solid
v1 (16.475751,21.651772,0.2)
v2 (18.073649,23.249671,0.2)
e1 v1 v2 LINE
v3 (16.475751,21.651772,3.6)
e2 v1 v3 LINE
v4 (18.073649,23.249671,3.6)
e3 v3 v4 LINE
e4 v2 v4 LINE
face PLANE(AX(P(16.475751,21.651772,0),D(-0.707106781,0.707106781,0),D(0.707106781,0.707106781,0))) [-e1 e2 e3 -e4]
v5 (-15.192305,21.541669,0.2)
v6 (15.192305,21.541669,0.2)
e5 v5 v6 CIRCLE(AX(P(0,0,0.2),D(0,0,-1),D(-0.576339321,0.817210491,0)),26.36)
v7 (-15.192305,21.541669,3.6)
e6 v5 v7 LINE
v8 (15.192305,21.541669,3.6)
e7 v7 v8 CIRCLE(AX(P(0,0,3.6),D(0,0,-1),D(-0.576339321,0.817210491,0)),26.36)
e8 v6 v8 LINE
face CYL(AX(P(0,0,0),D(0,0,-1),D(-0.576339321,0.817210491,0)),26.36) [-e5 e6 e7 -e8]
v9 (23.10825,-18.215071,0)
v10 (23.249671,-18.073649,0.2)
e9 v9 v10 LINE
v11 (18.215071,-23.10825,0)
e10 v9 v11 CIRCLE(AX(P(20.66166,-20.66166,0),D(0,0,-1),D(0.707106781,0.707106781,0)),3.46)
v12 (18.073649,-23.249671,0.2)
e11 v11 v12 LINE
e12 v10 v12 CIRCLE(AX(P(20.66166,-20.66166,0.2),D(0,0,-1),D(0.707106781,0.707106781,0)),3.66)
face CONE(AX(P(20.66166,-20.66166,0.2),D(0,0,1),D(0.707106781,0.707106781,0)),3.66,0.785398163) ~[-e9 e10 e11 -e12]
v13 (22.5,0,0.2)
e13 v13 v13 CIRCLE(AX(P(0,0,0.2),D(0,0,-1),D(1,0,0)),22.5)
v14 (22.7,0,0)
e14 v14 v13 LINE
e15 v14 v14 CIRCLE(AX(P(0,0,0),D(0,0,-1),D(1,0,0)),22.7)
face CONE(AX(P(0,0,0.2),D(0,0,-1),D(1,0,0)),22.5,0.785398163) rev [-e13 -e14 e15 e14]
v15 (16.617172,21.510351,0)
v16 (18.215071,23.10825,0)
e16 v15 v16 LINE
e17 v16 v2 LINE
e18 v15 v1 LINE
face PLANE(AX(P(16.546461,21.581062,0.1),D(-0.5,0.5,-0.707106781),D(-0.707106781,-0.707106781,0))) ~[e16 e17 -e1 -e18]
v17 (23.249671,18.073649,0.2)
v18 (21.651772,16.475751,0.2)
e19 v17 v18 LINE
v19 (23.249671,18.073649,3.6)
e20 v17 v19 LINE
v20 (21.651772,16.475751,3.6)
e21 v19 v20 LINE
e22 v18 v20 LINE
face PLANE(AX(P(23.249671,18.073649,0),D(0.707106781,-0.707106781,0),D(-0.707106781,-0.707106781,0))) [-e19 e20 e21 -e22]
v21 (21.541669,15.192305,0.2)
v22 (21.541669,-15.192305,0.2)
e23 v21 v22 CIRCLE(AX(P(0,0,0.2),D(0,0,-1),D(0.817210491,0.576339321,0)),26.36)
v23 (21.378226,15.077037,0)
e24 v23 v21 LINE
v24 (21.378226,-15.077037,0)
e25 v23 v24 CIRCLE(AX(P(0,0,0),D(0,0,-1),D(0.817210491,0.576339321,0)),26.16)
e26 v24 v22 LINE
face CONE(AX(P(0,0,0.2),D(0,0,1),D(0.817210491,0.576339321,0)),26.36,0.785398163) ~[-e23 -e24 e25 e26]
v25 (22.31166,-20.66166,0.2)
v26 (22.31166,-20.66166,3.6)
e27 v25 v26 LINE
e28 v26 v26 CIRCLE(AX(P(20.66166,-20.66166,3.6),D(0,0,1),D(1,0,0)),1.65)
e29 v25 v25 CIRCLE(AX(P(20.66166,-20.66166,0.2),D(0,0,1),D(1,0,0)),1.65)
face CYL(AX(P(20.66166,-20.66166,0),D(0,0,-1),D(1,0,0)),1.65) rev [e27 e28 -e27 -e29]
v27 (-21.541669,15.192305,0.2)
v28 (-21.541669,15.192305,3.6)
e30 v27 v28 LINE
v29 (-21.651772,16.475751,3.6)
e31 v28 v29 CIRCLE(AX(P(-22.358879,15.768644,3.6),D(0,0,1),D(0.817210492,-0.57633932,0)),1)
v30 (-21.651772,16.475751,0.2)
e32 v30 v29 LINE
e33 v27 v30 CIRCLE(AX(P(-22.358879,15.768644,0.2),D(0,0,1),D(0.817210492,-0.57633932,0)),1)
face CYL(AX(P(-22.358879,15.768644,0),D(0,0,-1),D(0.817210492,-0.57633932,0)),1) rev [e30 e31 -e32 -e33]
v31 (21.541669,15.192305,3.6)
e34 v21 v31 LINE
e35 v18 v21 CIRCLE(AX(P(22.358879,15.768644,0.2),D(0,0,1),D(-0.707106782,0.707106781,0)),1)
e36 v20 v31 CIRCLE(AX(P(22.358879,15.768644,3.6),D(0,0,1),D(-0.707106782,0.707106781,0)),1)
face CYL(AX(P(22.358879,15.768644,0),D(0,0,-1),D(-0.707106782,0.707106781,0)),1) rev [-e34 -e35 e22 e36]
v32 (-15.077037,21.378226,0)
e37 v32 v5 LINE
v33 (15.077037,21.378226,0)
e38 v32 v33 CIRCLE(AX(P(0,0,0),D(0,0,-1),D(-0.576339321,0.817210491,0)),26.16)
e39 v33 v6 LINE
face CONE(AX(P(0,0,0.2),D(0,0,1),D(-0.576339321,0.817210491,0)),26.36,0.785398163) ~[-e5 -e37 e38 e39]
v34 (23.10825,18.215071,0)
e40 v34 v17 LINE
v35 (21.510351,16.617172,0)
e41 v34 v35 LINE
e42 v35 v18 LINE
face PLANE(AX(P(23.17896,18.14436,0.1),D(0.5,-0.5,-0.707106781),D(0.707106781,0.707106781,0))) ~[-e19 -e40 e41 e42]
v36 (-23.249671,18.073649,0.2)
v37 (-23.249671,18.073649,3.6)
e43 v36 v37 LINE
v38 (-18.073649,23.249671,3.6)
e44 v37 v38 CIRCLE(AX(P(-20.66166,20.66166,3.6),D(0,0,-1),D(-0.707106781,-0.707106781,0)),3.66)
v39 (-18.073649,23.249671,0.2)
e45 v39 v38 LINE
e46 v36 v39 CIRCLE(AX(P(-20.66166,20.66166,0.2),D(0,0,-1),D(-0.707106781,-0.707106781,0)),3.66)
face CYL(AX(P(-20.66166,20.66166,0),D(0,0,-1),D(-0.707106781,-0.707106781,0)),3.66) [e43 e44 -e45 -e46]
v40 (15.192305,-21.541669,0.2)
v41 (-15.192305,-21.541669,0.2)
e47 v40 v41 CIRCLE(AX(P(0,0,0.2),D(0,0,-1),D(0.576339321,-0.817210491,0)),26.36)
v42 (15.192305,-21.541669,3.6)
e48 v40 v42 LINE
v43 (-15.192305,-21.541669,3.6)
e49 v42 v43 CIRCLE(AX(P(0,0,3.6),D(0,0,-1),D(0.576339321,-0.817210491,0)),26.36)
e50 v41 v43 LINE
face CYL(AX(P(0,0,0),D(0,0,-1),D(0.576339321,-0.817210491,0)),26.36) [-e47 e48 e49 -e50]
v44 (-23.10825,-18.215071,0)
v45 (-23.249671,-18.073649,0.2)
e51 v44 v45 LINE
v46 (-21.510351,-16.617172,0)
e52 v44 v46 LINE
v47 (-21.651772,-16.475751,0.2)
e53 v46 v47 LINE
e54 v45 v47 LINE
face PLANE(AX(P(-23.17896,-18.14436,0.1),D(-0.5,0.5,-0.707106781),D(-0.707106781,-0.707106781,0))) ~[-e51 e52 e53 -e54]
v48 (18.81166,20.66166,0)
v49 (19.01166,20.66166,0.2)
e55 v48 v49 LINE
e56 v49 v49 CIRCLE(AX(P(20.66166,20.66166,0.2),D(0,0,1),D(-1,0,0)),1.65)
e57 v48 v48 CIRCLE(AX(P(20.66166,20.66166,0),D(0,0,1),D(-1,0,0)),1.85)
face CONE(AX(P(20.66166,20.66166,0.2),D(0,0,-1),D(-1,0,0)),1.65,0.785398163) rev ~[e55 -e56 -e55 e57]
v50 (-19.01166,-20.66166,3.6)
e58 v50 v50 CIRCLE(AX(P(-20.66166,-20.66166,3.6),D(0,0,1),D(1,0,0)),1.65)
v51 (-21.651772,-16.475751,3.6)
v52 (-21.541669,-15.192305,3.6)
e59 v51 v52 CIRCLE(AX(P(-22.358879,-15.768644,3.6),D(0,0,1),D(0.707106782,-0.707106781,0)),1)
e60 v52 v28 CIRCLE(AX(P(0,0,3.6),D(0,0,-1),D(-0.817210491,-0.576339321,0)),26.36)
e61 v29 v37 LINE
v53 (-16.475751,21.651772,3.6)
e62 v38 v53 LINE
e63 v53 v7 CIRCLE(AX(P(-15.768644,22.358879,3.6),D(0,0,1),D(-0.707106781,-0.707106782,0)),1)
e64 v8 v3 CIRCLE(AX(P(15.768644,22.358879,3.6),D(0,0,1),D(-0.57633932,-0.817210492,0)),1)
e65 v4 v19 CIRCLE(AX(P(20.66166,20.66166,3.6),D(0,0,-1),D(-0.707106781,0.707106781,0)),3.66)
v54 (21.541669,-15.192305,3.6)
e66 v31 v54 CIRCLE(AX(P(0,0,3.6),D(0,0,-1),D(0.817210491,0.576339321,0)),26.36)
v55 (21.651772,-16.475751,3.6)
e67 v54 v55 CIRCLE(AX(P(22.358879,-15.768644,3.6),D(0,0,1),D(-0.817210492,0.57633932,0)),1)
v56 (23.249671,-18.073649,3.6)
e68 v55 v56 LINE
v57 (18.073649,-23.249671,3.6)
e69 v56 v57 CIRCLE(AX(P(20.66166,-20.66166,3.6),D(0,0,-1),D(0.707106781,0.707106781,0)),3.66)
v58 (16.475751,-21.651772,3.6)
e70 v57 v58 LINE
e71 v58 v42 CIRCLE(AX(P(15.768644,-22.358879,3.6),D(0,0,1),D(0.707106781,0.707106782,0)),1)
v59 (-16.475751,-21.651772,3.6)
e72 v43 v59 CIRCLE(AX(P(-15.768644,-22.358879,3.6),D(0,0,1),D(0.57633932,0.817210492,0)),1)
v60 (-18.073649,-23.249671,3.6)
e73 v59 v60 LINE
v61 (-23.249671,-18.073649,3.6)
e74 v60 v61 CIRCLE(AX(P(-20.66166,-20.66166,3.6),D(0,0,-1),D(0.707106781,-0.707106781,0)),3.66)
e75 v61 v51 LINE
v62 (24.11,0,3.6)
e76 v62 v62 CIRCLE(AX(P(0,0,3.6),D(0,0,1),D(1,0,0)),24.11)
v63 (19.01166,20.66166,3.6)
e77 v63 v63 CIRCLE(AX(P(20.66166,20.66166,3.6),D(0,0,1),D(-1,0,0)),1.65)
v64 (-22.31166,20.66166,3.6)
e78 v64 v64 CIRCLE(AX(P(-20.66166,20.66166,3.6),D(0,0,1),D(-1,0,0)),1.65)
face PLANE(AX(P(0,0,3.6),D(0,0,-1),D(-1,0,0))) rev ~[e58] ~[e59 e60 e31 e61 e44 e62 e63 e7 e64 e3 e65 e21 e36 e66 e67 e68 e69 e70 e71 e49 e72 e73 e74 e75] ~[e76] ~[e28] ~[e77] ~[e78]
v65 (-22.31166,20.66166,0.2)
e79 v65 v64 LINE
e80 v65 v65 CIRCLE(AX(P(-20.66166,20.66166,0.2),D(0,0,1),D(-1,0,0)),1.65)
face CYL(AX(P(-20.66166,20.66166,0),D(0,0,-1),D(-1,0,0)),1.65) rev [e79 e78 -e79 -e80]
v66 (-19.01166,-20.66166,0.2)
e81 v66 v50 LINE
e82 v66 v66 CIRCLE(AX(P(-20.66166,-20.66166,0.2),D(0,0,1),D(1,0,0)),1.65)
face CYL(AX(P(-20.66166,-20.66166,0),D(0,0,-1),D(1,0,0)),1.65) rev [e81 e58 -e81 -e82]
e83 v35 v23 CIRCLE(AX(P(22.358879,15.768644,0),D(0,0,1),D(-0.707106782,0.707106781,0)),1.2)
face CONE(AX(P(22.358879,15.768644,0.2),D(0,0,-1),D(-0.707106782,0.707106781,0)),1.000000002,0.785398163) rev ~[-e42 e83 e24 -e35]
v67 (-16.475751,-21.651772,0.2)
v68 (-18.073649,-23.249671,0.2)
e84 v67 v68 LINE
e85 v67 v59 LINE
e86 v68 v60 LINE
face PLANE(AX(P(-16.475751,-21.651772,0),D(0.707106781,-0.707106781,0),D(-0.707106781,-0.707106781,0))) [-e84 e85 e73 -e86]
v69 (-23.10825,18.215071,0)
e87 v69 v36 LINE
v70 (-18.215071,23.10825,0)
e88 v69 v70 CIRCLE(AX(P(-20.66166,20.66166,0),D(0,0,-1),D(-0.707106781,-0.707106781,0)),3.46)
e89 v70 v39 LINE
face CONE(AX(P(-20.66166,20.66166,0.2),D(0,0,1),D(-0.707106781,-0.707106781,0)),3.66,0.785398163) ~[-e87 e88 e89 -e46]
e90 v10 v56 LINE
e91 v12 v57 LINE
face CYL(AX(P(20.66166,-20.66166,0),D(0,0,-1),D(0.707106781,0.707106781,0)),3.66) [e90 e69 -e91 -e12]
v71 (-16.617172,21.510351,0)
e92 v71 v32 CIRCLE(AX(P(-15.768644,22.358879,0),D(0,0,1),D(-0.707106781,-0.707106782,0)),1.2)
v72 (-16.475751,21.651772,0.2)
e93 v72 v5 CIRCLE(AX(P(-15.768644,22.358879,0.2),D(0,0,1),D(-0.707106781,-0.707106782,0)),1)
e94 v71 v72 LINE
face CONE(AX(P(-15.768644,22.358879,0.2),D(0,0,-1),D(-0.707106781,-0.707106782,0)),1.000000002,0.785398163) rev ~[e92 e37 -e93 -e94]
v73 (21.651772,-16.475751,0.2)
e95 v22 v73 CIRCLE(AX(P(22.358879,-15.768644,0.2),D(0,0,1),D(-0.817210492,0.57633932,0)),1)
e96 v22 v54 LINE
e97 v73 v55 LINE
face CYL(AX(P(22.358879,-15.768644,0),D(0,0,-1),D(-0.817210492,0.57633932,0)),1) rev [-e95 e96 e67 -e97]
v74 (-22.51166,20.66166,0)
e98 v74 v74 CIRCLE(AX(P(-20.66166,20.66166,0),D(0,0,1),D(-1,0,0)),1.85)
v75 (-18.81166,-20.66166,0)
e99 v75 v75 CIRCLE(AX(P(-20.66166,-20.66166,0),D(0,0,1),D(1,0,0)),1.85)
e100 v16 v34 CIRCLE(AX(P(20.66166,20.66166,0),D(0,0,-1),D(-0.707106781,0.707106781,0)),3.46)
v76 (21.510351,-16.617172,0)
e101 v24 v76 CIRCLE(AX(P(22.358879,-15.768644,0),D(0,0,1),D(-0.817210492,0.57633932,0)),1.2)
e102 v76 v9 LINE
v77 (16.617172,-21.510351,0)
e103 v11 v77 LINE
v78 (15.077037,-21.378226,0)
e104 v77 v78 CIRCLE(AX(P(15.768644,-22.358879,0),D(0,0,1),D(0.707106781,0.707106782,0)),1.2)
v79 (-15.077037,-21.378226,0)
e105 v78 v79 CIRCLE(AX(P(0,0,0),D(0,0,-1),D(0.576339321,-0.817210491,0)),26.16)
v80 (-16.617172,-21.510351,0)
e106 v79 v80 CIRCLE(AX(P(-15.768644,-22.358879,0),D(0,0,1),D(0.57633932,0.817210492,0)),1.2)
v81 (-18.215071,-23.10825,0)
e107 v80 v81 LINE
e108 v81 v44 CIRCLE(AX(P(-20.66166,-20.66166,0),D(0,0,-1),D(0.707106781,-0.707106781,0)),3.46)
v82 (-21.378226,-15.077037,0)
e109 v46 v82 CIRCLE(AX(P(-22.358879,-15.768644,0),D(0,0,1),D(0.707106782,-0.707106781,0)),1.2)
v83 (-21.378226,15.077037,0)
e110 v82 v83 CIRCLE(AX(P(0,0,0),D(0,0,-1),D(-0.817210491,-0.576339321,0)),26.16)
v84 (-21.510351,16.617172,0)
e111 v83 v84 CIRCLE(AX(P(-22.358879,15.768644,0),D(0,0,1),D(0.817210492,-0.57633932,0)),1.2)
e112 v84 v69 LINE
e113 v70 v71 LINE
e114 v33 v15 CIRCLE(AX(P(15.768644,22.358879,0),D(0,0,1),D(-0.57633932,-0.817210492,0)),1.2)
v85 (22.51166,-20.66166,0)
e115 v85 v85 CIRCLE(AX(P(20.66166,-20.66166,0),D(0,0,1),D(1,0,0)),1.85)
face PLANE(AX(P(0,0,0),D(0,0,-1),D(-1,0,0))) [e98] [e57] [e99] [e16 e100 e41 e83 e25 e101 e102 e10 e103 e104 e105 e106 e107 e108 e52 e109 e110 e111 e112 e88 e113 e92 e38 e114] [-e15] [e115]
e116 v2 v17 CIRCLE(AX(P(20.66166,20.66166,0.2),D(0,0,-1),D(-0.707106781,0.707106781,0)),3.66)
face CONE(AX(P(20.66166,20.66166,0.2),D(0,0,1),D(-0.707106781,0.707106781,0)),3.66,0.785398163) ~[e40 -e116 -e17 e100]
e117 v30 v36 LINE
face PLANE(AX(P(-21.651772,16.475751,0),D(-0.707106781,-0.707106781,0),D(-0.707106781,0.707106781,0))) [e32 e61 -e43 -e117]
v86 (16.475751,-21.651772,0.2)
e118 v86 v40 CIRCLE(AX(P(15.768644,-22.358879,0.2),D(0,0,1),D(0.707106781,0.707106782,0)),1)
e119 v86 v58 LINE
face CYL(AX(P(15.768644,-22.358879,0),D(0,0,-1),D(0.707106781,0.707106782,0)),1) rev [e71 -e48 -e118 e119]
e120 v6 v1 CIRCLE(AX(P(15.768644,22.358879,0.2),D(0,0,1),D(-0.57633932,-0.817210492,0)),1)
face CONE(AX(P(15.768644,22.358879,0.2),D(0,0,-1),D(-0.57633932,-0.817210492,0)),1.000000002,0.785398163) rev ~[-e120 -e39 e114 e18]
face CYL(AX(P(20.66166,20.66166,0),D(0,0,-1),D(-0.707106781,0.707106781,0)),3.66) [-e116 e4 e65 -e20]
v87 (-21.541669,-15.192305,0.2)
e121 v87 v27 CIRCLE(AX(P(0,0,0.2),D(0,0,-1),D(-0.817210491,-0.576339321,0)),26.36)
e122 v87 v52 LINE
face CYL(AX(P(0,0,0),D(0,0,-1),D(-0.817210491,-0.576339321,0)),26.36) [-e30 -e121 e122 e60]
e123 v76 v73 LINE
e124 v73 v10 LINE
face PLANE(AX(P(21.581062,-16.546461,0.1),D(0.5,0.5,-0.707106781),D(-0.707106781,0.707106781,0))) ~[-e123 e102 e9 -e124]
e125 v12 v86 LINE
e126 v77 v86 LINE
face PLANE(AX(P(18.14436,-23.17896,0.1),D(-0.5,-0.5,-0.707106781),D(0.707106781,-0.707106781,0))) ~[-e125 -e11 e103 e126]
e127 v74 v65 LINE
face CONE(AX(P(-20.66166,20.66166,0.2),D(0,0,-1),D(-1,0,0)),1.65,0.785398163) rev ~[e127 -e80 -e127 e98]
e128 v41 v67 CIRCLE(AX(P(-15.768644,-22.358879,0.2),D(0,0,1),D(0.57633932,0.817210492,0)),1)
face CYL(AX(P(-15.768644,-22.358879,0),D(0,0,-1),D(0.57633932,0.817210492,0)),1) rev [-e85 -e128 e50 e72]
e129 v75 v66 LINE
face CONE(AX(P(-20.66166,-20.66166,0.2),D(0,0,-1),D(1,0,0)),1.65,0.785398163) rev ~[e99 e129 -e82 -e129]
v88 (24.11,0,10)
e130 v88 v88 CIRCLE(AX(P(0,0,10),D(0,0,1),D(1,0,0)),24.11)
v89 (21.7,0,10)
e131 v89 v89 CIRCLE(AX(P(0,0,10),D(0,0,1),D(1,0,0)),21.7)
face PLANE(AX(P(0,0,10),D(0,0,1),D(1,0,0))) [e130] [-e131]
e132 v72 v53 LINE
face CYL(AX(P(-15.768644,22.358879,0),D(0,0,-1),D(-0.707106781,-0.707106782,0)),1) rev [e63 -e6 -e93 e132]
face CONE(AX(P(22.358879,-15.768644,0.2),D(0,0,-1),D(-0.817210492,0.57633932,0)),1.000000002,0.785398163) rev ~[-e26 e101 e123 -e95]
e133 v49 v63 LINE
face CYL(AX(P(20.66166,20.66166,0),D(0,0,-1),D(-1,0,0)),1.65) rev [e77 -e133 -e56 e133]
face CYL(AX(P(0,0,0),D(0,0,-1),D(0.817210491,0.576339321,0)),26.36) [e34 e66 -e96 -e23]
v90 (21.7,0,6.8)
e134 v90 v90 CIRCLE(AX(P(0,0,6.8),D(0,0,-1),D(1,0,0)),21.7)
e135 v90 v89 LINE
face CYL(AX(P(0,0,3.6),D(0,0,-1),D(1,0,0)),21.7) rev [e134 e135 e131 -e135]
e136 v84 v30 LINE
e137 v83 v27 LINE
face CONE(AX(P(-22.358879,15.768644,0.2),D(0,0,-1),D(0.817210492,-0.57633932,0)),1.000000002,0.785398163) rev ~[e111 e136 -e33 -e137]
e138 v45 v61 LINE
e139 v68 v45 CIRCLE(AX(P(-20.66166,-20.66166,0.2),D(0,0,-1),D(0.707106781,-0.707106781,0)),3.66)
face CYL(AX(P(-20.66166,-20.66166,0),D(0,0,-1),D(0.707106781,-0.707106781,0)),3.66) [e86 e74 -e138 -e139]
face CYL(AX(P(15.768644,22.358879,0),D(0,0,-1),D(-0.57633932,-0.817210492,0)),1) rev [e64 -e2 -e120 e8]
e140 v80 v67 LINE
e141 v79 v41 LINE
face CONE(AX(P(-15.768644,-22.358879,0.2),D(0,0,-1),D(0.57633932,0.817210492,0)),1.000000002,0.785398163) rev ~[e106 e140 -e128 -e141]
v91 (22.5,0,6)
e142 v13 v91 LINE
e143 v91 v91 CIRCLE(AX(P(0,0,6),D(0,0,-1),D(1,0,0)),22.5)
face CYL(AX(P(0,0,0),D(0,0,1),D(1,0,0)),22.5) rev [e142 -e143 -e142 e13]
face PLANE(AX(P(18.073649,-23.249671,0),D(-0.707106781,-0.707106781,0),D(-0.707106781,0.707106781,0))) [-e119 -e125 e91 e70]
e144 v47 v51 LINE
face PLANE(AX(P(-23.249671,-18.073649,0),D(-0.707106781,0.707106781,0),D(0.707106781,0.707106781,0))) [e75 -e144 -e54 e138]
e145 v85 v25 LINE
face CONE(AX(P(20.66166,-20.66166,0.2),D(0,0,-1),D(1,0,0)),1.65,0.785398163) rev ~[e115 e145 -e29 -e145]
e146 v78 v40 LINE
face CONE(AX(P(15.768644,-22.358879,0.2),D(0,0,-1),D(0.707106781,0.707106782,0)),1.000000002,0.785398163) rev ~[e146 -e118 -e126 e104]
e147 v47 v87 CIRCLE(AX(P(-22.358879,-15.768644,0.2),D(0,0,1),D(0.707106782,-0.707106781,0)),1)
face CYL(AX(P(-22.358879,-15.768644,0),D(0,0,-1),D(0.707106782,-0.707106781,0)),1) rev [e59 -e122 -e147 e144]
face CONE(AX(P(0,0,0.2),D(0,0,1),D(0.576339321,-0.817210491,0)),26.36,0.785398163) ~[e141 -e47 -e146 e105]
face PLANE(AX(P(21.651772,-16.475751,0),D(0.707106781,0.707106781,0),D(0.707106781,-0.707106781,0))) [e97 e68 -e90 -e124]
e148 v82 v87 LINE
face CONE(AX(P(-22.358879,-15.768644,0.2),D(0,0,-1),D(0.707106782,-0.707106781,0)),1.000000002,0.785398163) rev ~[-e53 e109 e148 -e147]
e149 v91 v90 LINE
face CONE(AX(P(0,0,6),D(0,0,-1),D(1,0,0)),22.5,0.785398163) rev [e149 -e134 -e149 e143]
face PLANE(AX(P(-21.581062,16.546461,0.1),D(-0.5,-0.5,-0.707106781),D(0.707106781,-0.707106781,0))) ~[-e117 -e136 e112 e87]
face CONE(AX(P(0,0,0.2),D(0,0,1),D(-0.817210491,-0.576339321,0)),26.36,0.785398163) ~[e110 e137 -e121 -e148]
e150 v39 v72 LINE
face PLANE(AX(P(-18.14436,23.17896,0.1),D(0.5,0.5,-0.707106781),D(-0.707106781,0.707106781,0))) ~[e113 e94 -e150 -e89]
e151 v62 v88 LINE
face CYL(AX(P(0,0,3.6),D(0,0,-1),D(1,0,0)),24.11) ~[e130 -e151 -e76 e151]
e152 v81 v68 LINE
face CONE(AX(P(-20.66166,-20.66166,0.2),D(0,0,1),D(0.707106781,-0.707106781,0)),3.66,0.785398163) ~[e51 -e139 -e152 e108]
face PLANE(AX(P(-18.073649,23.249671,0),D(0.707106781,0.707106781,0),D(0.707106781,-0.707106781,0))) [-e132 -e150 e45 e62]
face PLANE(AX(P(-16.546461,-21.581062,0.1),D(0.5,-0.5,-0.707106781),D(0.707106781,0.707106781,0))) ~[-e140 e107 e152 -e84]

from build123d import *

# Parameters (mm, degrees)
SKETCH1_R           = 1.65
SKETCH1_R_2         = 21.6
BOSS_EXTRUDE1_DEPTH = 3.6
SKETCH4_R           = 24.11
SKETCH4_R_2         = 21.7
BOSS_EXTRUDE2_DEPTH = 6.4
CHAMFER1_SIZE       = 0.2


with BuildPart() as part:
    # Sketch1 → Boss-Extrude1 (new body)
    with BuildSketch(Plane.XY):
        with BuildLine():
            Line((23.249670965, 18.073649327), (21.651772253, 16.475750615))
            ThreePointArc((21.651772253, 16.475750615), (21.3625386, 15.854117448), (21.541668543, 15.192304512))
            ThreePointArc((21.541668543, 15.192304512), (26.36, 0), (21.541668543, -15.192304512))
            ThreePointArc((21.541668543, -15.192304512), (21.3625386, -15.854117448), (21.651772253, -16.475750615))
            Line((21.651772253, -16.475750615), (23.249670965, -18.073649327))
            ThreePointArc((23.249670965, -18.073649327), (23.249670965, -23.249670965), (18.073649327, -23.249670965))
            Line((18.073649327, -23.249670965), (16.475750615, -21.651772253))
            ThreePointArc((16.475750615, -21.651772253), (15.854117448, -21.3625386), (15.192304512, -21.541668543))
            ThreePointArc((15.192304512, -21.541668543), (0, -26.36), (-15.192304512, -21.541668543))
            ThreePointArc((-15.192304512, -21.541668543), (-15.854117448, -21.3625386), (-16.475750615, -21.651772253))
            Line((-16.475750615, -21.651772253), (-18.073649327, -23.249670965))
            ThreePointArc((-18.073649327, -23.249670965), (-23.249670965, -23.249670965), (-23.249670965, -18.073649327))
            Line((-23.249670965, -18.073649327), (-21.651772253, -16.475750615))
            ThreePointArc((-21.651772253, -16.475750615), (-21.3625386, -15.854117448), (-21.541668543, -15.192304512))
            ThreePointArc((-21.541668543, -15.192304512), (-26.36, 0), (-21.541668543, 15.192304512))
            ThreePointArc((-21.541668543, 15.192304512), (-21.3625386, 15.854117448), (-21.651772253, 16.475750615))
            Line((-21.651772253, 16.475750615), (-23.249670965, 18.073649327))
            ThreePointArc((-23.249670965, 18.073649327), (-23.249670965, 23.249670965), (-18.073649327, 23.249670965))
            Line((-18.073649327, 23.249670965), (-16.475750615, 21.651772253))
            ThreePointArc((-16.475750615, 21.651772253), (-15.854117448, 21.3625386), (-15.192304512, 21.541668543))
            ThreePointArc((-15.192304512, 21.541668543), (0, 26.36), (15.192304512, 21.541668543))
            ThreePointArc((15.192304512, 21.541668543), (15.854117448, 21.3625386), (16.475750615, 21.651772253))
            Line((16.475750615, 21.651772253), (18.073649327, 23.249670965))
            ThreePointArc((18.073649327, 23.249670965), (23.249670965, 23.249670965), (23.249670965, 18.073649327))
        make_face()
        with Locations((-20.661660146, -20.661660146)):
            Circle(SKETCH1_R, mode=Mode.SUBTRACT)
        with Locations((20.661660146, -20.661660146)):
            Circle(SKETCH1_R, mode=Mode.SUBTRACT)
        Circle(SKETCH1_R_2, mode=Mode.SUBTRACT)
        with Locations(Location((20.661660146, 20.661660146, 0), (0, 0, 180))):
            Circle(SKETCH1_R, mode=Mode.SUBTRACT)
        with Locations(Location((-20.661660146, 20.661660146, 0), (0, 0, 180))):
            Circle(SKETCH1_R, mode=Mode.SUBTRACT)
    extrude(amount=BOSS_EXTRUDE1_DEPTH)

    # Sketch4 → Boss-Extrude2 (add)
    with BuildSketch(Plane.XY.offset(3.6)):
        Circle(SKETCH4_R)
        Circle(SKETCH4_R_2, mode=Mode.SUBTRACT)
    extrude(amount=BOSS_EXTRUDE2_DEPTH)

    # Sketch7 → Cut-Revolve1 (revolve, cut)
    with BuildSketch(Plane(origin=(0, 0, 0), x_dir=(1, 0, 0), z_dir=(0, 1, 0))):
        Polygon((0, -10), (0, 0), (22.5, 0), (22.5, -6), (21.7, -6.8), (21.7, -10), align=None)
    revolve(axis=Axis((0, 0, 10), (0, 0, -1)), mode=Mode.SUBTRACT)

    # Chamfer1
    chamfer1_edges = [part.edges().sort_by_distance(p)[0] for p in [
        (17.274699971, -22.450721609, 0),
        (15.854117448, -21.3625386, 0),
        (0, -26.36, 0),
        (-15.854117448, -21.3625386, 0),
        (-17.274699971, -22.450721609, 0),
        (-23.249670965, -23.249670965, 0),
        (-22.450721609, -17.274699971, 0),
        (-21.3625386, -15.854117448, 0),
        (-26.36, 0, 0),
        (-21.3625386, 15.854117448, 0),
        (-22.450721609, 17.274699971, 0),
        (-23.249670965, 23.249670965, 0),
        (-17.274699971, 22.450721609, 0),
        (-15.854117448, 21.3625386, 0),
        (0, 26.36, 0),
        (15.854117448, 21.3625386, 0),
        (17.274699971, 22.450721609, 0),
        (23.249670965, 23.249670965, 0),
        (22.450721609, 17.274699971, 0),
        (21.3625386, 15.854117448, 0),
        (26.36, 0, 0),
        (21.3625386, -15.854117448, 0),
        (22.450721609, -17.274699971, 0),
        (23.249670965, -23.249670965, 0),
        (-22.311660146, -20.661660146, 0),
        (19.011660146, -20.661660146, 0),
        (22.311660146, 20.661660146, 0),
        (-19.011660146, 20.661660146, 0),
        (-22.5, 0, 0),
    ]]
    chamfer(chamfer1_edges, length=CHAMFER1_SIZE)


solid = part.part
